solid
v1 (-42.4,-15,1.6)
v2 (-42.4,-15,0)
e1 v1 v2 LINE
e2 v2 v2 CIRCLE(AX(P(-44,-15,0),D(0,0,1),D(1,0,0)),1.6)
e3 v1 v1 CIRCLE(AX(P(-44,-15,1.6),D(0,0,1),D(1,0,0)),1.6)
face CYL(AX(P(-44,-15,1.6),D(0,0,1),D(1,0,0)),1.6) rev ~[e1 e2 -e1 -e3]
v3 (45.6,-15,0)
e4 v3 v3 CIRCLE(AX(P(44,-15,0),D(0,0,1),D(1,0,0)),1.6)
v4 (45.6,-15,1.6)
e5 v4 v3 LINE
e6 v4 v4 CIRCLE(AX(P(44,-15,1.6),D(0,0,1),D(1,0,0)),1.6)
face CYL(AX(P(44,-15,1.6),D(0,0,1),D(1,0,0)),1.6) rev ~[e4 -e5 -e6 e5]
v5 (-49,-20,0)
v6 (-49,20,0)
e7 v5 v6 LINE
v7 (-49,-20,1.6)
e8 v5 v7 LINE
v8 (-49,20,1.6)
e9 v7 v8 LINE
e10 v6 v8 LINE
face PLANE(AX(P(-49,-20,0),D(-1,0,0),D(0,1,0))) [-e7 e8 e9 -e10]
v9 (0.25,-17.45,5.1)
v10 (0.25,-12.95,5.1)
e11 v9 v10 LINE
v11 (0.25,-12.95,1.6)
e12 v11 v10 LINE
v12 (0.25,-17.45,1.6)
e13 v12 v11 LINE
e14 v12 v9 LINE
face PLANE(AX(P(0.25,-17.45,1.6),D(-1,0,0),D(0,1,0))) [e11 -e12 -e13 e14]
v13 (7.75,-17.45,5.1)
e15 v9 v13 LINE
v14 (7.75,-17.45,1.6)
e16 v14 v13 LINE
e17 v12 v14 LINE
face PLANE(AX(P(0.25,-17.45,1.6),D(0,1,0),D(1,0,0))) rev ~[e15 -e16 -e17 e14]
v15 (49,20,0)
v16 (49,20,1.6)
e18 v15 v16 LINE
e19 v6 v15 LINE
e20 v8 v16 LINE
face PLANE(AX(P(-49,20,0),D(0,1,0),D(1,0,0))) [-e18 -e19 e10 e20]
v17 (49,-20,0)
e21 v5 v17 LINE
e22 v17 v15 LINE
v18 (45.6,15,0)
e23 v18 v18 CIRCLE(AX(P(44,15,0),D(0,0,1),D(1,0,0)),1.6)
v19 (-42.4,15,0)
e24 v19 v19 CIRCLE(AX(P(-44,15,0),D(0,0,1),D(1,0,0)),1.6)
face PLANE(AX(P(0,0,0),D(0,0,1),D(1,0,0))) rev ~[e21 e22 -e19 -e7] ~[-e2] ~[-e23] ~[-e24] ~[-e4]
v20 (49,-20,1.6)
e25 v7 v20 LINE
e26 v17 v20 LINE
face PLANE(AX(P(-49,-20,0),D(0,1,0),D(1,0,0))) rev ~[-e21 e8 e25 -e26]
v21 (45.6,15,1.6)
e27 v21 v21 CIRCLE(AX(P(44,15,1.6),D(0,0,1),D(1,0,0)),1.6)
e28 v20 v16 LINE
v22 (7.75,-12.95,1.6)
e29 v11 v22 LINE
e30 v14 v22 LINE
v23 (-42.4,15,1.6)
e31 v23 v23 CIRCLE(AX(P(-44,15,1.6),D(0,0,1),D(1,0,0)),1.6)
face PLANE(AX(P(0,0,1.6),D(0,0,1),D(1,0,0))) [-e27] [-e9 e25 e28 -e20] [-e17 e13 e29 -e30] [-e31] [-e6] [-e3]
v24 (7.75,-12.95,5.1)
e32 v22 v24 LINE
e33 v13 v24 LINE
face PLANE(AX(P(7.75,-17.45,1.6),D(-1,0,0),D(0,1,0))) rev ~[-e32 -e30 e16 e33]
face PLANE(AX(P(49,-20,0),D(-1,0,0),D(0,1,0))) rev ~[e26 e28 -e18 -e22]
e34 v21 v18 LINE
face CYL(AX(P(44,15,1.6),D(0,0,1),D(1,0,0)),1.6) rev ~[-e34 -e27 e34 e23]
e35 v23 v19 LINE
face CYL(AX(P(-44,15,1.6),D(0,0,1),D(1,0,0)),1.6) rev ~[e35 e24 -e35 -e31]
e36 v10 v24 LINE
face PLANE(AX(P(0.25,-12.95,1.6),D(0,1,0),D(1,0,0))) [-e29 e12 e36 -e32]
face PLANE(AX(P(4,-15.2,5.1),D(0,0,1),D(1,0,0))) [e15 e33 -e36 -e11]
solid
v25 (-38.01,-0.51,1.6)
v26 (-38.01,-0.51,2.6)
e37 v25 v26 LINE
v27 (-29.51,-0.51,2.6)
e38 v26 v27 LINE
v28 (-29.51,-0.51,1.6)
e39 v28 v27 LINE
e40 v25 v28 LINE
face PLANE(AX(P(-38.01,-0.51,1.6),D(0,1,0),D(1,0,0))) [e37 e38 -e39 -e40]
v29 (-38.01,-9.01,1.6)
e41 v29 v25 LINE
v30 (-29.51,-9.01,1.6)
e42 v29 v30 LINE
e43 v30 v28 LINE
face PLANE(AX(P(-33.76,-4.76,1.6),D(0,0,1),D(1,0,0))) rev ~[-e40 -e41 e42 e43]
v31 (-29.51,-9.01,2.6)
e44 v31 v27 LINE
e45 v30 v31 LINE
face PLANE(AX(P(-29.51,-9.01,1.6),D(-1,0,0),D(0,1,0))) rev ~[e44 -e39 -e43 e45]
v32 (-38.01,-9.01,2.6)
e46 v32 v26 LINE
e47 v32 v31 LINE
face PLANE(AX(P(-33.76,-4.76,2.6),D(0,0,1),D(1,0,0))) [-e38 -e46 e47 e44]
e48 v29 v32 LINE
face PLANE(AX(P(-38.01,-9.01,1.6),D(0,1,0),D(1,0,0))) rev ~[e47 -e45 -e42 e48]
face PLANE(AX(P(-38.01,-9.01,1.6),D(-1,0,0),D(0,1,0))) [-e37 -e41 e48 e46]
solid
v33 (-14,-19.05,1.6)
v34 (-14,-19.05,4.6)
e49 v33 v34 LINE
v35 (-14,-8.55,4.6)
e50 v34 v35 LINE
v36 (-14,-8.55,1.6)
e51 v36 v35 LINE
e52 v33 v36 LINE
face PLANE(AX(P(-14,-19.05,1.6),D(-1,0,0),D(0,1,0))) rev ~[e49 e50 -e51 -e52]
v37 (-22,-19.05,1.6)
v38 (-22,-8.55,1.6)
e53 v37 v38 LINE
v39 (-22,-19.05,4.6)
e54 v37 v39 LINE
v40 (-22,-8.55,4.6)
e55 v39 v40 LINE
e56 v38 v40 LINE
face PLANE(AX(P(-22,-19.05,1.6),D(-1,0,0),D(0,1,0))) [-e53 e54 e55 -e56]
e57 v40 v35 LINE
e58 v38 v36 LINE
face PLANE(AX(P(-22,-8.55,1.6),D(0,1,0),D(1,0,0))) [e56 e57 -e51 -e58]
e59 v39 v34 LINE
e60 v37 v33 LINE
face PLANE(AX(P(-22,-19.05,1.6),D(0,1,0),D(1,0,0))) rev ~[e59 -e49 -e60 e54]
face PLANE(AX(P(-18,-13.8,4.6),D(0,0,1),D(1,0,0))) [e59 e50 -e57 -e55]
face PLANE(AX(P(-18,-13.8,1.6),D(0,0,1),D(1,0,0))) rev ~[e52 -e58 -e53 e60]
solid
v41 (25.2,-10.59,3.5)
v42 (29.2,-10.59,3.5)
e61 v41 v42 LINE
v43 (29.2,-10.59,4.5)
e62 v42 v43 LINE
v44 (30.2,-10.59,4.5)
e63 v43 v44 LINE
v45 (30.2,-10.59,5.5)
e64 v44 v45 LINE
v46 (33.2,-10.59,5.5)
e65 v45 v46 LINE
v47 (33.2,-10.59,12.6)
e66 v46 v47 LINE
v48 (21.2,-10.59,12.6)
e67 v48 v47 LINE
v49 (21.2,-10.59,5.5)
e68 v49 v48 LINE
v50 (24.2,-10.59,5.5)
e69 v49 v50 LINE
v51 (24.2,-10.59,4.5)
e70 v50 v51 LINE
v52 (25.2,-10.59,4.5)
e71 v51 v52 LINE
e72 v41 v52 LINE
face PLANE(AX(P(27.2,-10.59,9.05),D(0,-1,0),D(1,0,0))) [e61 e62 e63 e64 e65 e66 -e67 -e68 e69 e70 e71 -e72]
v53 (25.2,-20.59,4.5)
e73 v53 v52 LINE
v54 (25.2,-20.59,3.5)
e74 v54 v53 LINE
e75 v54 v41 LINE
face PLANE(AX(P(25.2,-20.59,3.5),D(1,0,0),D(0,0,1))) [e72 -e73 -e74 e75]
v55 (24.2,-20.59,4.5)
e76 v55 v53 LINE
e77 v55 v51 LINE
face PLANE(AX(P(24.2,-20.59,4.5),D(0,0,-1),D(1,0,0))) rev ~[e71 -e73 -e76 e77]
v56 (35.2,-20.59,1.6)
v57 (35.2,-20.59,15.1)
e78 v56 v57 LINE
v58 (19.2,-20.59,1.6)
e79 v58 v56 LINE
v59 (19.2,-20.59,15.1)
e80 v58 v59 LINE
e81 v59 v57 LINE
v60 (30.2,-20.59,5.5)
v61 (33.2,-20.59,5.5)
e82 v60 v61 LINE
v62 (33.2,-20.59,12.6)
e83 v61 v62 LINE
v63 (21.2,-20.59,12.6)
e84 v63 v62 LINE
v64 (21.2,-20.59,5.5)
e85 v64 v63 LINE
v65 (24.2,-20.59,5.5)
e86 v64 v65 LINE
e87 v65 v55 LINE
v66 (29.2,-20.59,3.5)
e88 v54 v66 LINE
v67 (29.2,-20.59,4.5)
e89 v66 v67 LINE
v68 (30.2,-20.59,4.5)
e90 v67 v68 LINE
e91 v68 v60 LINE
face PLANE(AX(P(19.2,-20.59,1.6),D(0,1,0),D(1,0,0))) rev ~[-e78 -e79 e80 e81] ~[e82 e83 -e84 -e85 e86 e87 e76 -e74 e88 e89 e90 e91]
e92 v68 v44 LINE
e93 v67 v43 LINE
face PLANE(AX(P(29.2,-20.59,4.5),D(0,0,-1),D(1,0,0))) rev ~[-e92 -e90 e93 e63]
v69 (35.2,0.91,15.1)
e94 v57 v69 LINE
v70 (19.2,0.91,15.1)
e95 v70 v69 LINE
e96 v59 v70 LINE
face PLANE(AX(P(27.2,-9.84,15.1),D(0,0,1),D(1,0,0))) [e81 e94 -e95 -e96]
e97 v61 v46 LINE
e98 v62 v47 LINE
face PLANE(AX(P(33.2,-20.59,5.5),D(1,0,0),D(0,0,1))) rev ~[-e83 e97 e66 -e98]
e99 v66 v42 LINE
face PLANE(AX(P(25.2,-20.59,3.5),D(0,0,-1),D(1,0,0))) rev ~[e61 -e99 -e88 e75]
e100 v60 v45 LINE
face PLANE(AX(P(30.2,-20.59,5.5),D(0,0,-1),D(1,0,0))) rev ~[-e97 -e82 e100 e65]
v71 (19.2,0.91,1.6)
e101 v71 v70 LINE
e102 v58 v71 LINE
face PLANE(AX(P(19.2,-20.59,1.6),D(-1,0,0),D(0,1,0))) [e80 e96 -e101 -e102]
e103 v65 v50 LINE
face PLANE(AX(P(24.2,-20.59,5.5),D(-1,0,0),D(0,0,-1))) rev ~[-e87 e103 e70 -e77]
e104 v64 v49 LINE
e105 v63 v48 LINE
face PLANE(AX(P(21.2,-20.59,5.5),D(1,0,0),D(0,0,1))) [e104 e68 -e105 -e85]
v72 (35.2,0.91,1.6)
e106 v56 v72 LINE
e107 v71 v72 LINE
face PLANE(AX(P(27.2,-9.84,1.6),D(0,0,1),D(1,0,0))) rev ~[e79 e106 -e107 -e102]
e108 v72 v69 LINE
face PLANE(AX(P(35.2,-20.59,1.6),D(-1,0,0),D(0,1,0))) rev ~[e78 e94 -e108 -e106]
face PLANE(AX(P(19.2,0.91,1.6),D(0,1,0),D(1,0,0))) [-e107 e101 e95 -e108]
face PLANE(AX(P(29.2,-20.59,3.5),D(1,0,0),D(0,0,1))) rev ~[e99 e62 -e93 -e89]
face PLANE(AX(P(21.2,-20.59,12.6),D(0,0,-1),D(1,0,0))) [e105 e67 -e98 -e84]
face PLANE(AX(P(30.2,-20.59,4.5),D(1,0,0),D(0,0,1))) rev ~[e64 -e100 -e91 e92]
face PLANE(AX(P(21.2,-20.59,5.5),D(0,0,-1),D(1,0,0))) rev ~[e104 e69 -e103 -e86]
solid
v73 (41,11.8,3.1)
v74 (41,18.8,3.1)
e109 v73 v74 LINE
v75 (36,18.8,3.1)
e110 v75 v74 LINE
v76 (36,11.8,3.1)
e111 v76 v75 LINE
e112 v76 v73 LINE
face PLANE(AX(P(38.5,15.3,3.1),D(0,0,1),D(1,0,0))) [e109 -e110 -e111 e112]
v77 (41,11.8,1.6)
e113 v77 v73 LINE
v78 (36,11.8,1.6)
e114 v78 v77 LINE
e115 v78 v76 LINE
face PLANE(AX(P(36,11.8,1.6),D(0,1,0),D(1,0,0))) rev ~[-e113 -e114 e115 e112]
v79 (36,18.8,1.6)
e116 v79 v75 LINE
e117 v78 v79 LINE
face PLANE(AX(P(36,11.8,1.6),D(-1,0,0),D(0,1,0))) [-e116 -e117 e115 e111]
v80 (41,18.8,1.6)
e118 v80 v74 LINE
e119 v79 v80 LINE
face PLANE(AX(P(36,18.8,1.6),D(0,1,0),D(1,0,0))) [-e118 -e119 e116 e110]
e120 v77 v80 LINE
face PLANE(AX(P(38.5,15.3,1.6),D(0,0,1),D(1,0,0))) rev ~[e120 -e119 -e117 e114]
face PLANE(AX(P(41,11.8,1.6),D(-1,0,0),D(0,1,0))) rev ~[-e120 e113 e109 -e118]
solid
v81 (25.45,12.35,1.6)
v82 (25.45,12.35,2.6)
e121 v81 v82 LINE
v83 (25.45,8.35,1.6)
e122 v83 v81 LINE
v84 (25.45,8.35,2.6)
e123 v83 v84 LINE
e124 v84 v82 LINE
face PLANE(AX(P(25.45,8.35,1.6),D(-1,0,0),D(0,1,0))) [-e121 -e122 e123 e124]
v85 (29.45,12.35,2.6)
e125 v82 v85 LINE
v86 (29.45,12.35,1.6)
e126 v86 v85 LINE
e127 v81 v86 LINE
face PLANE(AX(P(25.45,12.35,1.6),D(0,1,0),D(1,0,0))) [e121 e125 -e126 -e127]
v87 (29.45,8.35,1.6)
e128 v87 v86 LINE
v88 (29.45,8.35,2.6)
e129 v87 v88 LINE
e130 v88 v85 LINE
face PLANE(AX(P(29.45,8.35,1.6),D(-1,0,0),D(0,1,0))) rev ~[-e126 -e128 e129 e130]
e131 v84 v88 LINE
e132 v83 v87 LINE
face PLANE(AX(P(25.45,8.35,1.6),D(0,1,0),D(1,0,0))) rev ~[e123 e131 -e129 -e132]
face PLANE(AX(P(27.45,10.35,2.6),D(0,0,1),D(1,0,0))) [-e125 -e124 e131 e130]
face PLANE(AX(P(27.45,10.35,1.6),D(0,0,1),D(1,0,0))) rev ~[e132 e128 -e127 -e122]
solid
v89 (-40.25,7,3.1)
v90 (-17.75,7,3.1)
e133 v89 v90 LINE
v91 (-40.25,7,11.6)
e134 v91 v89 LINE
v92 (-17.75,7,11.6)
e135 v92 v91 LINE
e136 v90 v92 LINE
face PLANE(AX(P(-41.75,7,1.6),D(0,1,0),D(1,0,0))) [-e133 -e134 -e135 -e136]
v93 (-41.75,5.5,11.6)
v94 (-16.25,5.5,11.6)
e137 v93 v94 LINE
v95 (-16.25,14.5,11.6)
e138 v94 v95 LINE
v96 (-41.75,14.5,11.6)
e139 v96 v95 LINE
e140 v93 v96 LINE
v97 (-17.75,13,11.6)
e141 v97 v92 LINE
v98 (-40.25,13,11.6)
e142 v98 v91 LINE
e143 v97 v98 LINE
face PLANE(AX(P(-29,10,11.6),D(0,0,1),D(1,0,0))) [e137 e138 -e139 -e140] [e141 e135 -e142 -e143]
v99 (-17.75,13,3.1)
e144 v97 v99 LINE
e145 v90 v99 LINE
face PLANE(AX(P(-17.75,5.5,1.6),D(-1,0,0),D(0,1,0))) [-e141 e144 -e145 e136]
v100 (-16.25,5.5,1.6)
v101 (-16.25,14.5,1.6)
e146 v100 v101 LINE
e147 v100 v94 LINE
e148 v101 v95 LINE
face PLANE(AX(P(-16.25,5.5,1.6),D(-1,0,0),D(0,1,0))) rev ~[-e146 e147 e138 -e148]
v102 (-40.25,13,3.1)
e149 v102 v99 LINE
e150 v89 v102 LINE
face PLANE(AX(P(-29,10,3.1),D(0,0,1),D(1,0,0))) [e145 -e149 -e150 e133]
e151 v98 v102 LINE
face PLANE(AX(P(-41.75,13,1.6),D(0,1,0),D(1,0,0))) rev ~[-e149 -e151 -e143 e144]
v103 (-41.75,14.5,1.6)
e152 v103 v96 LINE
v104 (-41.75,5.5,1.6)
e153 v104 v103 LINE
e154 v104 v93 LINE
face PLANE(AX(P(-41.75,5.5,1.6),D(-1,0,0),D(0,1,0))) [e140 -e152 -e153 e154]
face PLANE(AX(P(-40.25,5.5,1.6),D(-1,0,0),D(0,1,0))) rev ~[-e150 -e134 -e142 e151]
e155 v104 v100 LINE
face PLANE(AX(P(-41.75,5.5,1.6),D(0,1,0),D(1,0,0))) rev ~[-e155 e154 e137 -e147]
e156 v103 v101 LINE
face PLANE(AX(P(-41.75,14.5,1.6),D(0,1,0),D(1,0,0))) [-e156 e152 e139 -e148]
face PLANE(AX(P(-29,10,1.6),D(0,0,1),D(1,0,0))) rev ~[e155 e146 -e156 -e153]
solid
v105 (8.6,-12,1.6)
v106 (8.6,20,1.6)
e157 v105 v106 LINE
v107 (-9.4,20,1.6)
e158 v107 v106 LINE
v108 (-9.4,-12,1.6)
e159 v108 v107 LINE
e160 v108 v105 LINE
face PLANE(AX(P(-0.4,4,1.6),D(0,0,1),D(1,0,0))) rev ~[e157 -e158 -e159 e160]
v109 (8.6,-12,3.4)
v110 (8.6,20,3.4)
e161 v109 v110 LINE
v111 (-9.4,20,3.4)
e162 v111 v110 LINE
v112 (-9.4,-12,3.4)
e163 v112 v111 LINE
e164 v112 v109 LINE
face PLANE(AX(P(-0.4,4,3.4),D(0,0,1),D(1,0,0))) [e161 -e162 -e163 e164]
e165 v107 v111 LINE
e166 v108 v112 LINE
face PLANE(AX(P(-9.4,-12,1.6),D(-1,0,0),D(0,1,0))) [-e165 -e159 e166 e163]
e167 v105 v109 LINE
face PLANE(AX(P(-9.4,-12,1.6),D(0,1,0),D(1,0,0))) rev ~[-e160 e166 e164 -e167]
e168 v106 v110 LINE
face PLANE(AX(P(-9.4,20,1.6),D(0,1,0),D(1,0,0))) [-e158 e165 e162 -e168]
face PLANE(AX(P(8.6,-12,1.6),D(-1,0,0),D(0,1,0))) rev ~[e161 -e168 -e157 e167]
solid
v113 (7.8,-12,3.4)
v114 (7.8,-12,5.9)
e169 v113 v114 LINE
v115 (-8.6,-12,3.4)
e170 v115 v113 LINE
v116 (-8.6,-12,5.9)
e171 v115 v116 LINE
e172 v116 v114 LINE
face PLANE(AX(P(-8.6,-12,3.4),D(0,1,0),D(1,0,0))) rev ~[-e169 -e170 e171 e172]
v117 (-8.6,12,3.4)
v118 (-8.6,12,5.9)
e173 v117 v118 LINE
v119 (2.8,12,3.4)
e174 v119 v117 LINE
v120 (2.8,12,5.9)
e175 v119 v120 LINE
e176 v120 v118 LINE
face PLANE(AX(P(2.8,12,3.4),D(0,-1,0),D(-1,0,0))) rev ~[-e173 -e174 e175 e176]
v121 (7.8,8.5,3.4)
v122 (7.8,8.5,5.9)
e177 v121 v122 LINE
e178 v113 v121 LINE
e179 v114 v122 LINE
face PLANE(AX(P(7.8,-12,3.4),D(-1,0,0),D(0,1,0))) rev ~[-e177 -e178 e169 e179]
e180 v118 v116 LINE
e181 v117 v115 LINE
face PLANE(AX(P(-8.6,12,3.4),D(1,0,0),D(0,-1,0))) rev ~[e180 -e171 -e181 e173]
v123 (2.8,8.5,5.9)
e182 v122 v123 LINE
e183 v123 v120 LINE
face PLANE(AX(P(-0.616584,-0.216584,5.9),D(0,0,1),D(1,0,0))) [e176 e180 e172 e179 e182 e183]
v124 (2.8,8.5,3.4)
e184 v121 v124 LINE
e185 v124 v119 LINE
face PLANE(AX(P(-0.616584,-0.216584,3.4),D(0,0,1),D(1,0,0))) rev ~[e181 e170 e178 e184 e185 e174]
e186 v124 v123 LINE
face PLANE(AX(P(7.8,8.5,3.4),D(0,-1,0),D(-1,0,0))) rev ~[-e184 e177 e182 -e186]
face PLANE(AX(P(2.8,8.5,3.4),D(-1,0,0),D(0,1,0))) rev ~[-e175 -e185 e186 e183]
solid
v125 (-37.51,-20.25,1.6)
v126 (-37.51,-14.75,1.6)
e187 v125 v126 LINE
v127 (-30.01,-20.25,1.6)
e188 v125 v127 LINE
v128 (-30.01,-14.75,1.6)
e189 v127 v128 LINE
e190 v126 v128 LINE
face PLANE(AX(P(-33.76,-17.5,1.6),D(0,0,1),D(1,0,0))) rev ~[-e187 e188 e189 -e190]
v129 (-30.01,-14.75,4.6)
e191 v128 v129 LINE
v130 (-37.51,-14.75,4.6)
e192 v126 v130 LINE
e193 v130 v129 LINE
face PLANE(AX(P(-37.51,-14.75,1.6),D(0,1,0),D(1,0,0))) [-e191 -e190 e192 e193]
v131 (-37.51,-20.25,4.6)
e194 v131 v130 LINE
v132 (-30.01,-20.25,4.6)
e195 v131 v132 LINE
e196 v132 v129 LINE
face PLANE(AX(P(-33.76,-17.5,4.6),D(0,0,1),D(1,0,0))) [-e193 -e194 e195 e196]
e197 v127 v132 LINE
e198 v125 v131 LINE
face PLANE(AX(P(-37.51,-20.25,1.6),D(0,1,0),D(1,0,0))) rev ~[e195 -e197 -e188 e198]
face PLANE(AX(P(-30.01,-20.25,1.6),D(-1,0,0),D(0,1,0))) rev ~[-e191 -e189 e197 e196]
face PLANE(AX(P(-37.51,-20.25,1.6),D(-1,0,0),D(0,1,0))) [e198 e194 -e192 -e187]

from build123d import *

# Parameters (mm, degrees)
SKETCH1_W               = 98
SKETCH1_H               = 40
BOSS_EXTRUDE1_DEPTH     = 1.6
SKETCH2_R               = 1.6
CUT_EXTRUDE1_DEPTH      = 1
CUT_EXTRUDE1_DEPTH_BACK = 2.6
SKETCH3_W               = 25.5
SKETCH3_H               = 9
BOSS_EXTRUDE2_DEPTH     = 10
SHELL1_T                = -1.5
SKETCH4_W               = 8.5
SKETCH4_H               = 8.5
BOSS_EXTRUDE3_DEPTH     = 1
SKETCH5_W               = 7.5
SKETCH5_H               = 5.5
BOSS_EXTRUDE4_DEPTH     = 3
SKETCH6_W               = 8
SKETCH6_H               = 10.5
BOSS_EXTRUDE5_DEPTH     = 3
SKETCH7_W               = 18
SKETCH7_H               = 32
BOSS_EXTRUDE6_DEPTH     = 1.8
BOSS_EXTRUDE7_DEPTH     = 2.5
SKETCH9_W               = 7.5
SKETCH9_H               = 4.5
BOSS_EXTRUDE8_DEPTH     = 3.5
SKETCH10_W              = 16
SKETCH10_H              = 21.5
BOSS_EXTRUDE9_DEPTH     = 13.5
SKETCH11_W              = 12
SKETCH11_H              = 7.1
SKETCH11_W_2            = 4
SKETCH11_H_2            = 1
CUT_EXTRUDE2_DEPTH      = 10
SKETCH12_W              = 4
SKETCH12_H              = 4
BOSS_EXTRUDE10_DEPTH    = 1
SKETCH13_W              = 5
SKETCH13_H              = 7
BOSS_EXTRUDE11_DEPTH    = 1.5


with BuildPart() as part:
    # Sketch1 → Boss-Extrude1 (new body)
    with BuildSketch(Plane.XY):
        Rectangle(SKETCH1_W, SKETCH1_H)
    extrude(amount=BOSS_EXTRUDE1_DEPTH)

    # Sketch2 → Cut-Extrude1 (cut, two sides)
    with BuildSketch(Plane.XY.offset(1.6)) as cut_extrude1_sk:
        with Locations((-44, -15)):
            Circle(SKETCH2_R)
        with Locations((-44, 15)):
            Circle(SKETCH2_R)
        with Locations((44, 15)):
            Circle(SKETCH2_R)
        with Locations((44, -15)):
            Circle(SKETCH2_R)
    extrude(amount=CUT_EXTRUDE1_DEPTH, mode=Mode.SUBTRACT)
    extrude(cut_extrude1_sk.sketch, amount=-CUT_EXTRUDE1_DEPTH_BACK, mode=Mode.SUBTRACT)

    # Sketch9 → Boss-Extrude8 (add)
    with BuildSketch(Plane.XY.offset(1.6)):
        with Locations((4, -15.2)):
            Rectangle(SKETCH9_W, SKETCH9_H)
    extrude(amount=BOSS_EXTRUDE8_DEPTH)


with BuildPart() as body_2:
    # Sketch3 → Boss-Extrude2 (new body)
    with BuildSketch(Plane.XY.offset(1.6)):
        with Locations((-29, 10)):
            Rectangle(SKETCH3_W, SKETCH3_H)
    extrude(amount=BOSS_EXTRUDE2_DEPTH)

    # Shell1
    shell1_openings = [body_2.faces().sort_by_distance(p)[0] for p in [
        (-29, 10, 11.6),
    ]]
    offset(amount=SHELL1_T, openings=shell1_openings, kind=Kind.INTERSECTION)


with BuildPart() as body_3:
    # Sketch4 → Boss-Extrude3 (new body)
    with BuildSketch(Plane.XY.offset(1.6)):
        with Locations((-33.76, -4.76)):
            Rectangle(SKETCH4_W, SKETCH4_H)
    extrude(amount=BOSS_EXTRUDE3_DEPTH)


with BuildPart() as body_4:
    # Sketch5 → Boss-Extrude4 (new body)
    with BuildSketch(Plane.XY.offset(1.6)):
        with Locations((-33.76, -17.5)):
            Rectangle(SKETCH5_W, SKETCH5_H)
    extrude(amount=BOSS_EXTRUDE4_DEPTH)


with BuildPart() as body_5:
    # Sketch6 → Boss-Extrude5 (new body)
    with BuildSketch(Plane.XY.offset(1.6)):
        with Locations((-18, -13.8)):
            Rectangle(SKETCH6_W, SKETCH6_H)
    extrude(amount=BOSS_EXTRUDE5_DEPTH)


with BuildPart() as body_6:
    # Sketch7 → Boss-Extrude6 (new body)
    with BuildSketch(Plane.XY.offset(1.6)):
        with Locations((-0.4, 4)):
            Rectangle(SKETCH7_W, SKETCH7_H)
    extrude(amount=BOSS_EXTRUDE6_DEPTH)


with BuildPart() as body_7:
    # Sketch8 → Boss-Extrude7 (new body)
    with BuildSketch(Plane.XY.offset(3.4)):
        Polygon((-8.6, 12), (-8.6, -12), (7.8, -12), (7.8, 8.5), (2.8, 8.5), (2.8, 12), align=None)
    extrude(amount=BOSS_EXTRUDE7_DEPTH)


with BuildPart() as body_8:
    # Sketch10 → Boss-Extrude9 (new body)
    with BuildSketch(Plane.XY.offset(1.6)):
        with Locations((27.2, -9.84)):
            Rectangle(SKETCH10_W, SKETCH10_H)
    extrude(amount=BOSS_EXTRUDE9_DEPTH)

    # Sketch11 → Cut-Extrude2 (cut)
    with BuildSketch(Plane.XZ.offset(20.59)):
        with Locations((27.2, 9.05)):
            Rectangle(SKETCH11_W, SKETCH11_H)
        Polygon((30.2, 5.5), (24.2, 5.5), (24.2, 4.5), (25.2, 4.5), (29.2, 4.5), (30.2, 4.5), align=None)
        with Locations((27.2, 4)):
            Rectangle(SKETCH11_W_2, SKETCH11_H_2)
    extrude(amount=-CUT_EXTRUDE2_DEPTH, mode=Mode.SUBTRACT)


with BuildPart() as body_9:
    # Sketch12 → Boss-Extrude10 (new body)
    with BuildSketch(Plane.XY.offset(1.6)):
        with Locations((27.45, 10.35)):
            Rectangle(SKETCH12_W, SKETCH12_H)
    extrude(amount=BOSS_EXTRUDE10_DEPTH)


with BuildPart() as body_10:
    # Sketch13 → Boss-Extrude11 (new body)
    with BuildSketch(Plane.XY.offset(1.6)):
        with Locations((38.5, 15.3)):
            Rectangle(SKETCH13_W, SKETCH13_H)
    extrude(amount=BOSS_EXTRUDE11_DEPTH)


solid = Compound([part.part, body_2.part, body_3.part, body_4.part, body_5.part, body_6.part, body_7.part, body_8.part, body_9.part, body_10.part])
